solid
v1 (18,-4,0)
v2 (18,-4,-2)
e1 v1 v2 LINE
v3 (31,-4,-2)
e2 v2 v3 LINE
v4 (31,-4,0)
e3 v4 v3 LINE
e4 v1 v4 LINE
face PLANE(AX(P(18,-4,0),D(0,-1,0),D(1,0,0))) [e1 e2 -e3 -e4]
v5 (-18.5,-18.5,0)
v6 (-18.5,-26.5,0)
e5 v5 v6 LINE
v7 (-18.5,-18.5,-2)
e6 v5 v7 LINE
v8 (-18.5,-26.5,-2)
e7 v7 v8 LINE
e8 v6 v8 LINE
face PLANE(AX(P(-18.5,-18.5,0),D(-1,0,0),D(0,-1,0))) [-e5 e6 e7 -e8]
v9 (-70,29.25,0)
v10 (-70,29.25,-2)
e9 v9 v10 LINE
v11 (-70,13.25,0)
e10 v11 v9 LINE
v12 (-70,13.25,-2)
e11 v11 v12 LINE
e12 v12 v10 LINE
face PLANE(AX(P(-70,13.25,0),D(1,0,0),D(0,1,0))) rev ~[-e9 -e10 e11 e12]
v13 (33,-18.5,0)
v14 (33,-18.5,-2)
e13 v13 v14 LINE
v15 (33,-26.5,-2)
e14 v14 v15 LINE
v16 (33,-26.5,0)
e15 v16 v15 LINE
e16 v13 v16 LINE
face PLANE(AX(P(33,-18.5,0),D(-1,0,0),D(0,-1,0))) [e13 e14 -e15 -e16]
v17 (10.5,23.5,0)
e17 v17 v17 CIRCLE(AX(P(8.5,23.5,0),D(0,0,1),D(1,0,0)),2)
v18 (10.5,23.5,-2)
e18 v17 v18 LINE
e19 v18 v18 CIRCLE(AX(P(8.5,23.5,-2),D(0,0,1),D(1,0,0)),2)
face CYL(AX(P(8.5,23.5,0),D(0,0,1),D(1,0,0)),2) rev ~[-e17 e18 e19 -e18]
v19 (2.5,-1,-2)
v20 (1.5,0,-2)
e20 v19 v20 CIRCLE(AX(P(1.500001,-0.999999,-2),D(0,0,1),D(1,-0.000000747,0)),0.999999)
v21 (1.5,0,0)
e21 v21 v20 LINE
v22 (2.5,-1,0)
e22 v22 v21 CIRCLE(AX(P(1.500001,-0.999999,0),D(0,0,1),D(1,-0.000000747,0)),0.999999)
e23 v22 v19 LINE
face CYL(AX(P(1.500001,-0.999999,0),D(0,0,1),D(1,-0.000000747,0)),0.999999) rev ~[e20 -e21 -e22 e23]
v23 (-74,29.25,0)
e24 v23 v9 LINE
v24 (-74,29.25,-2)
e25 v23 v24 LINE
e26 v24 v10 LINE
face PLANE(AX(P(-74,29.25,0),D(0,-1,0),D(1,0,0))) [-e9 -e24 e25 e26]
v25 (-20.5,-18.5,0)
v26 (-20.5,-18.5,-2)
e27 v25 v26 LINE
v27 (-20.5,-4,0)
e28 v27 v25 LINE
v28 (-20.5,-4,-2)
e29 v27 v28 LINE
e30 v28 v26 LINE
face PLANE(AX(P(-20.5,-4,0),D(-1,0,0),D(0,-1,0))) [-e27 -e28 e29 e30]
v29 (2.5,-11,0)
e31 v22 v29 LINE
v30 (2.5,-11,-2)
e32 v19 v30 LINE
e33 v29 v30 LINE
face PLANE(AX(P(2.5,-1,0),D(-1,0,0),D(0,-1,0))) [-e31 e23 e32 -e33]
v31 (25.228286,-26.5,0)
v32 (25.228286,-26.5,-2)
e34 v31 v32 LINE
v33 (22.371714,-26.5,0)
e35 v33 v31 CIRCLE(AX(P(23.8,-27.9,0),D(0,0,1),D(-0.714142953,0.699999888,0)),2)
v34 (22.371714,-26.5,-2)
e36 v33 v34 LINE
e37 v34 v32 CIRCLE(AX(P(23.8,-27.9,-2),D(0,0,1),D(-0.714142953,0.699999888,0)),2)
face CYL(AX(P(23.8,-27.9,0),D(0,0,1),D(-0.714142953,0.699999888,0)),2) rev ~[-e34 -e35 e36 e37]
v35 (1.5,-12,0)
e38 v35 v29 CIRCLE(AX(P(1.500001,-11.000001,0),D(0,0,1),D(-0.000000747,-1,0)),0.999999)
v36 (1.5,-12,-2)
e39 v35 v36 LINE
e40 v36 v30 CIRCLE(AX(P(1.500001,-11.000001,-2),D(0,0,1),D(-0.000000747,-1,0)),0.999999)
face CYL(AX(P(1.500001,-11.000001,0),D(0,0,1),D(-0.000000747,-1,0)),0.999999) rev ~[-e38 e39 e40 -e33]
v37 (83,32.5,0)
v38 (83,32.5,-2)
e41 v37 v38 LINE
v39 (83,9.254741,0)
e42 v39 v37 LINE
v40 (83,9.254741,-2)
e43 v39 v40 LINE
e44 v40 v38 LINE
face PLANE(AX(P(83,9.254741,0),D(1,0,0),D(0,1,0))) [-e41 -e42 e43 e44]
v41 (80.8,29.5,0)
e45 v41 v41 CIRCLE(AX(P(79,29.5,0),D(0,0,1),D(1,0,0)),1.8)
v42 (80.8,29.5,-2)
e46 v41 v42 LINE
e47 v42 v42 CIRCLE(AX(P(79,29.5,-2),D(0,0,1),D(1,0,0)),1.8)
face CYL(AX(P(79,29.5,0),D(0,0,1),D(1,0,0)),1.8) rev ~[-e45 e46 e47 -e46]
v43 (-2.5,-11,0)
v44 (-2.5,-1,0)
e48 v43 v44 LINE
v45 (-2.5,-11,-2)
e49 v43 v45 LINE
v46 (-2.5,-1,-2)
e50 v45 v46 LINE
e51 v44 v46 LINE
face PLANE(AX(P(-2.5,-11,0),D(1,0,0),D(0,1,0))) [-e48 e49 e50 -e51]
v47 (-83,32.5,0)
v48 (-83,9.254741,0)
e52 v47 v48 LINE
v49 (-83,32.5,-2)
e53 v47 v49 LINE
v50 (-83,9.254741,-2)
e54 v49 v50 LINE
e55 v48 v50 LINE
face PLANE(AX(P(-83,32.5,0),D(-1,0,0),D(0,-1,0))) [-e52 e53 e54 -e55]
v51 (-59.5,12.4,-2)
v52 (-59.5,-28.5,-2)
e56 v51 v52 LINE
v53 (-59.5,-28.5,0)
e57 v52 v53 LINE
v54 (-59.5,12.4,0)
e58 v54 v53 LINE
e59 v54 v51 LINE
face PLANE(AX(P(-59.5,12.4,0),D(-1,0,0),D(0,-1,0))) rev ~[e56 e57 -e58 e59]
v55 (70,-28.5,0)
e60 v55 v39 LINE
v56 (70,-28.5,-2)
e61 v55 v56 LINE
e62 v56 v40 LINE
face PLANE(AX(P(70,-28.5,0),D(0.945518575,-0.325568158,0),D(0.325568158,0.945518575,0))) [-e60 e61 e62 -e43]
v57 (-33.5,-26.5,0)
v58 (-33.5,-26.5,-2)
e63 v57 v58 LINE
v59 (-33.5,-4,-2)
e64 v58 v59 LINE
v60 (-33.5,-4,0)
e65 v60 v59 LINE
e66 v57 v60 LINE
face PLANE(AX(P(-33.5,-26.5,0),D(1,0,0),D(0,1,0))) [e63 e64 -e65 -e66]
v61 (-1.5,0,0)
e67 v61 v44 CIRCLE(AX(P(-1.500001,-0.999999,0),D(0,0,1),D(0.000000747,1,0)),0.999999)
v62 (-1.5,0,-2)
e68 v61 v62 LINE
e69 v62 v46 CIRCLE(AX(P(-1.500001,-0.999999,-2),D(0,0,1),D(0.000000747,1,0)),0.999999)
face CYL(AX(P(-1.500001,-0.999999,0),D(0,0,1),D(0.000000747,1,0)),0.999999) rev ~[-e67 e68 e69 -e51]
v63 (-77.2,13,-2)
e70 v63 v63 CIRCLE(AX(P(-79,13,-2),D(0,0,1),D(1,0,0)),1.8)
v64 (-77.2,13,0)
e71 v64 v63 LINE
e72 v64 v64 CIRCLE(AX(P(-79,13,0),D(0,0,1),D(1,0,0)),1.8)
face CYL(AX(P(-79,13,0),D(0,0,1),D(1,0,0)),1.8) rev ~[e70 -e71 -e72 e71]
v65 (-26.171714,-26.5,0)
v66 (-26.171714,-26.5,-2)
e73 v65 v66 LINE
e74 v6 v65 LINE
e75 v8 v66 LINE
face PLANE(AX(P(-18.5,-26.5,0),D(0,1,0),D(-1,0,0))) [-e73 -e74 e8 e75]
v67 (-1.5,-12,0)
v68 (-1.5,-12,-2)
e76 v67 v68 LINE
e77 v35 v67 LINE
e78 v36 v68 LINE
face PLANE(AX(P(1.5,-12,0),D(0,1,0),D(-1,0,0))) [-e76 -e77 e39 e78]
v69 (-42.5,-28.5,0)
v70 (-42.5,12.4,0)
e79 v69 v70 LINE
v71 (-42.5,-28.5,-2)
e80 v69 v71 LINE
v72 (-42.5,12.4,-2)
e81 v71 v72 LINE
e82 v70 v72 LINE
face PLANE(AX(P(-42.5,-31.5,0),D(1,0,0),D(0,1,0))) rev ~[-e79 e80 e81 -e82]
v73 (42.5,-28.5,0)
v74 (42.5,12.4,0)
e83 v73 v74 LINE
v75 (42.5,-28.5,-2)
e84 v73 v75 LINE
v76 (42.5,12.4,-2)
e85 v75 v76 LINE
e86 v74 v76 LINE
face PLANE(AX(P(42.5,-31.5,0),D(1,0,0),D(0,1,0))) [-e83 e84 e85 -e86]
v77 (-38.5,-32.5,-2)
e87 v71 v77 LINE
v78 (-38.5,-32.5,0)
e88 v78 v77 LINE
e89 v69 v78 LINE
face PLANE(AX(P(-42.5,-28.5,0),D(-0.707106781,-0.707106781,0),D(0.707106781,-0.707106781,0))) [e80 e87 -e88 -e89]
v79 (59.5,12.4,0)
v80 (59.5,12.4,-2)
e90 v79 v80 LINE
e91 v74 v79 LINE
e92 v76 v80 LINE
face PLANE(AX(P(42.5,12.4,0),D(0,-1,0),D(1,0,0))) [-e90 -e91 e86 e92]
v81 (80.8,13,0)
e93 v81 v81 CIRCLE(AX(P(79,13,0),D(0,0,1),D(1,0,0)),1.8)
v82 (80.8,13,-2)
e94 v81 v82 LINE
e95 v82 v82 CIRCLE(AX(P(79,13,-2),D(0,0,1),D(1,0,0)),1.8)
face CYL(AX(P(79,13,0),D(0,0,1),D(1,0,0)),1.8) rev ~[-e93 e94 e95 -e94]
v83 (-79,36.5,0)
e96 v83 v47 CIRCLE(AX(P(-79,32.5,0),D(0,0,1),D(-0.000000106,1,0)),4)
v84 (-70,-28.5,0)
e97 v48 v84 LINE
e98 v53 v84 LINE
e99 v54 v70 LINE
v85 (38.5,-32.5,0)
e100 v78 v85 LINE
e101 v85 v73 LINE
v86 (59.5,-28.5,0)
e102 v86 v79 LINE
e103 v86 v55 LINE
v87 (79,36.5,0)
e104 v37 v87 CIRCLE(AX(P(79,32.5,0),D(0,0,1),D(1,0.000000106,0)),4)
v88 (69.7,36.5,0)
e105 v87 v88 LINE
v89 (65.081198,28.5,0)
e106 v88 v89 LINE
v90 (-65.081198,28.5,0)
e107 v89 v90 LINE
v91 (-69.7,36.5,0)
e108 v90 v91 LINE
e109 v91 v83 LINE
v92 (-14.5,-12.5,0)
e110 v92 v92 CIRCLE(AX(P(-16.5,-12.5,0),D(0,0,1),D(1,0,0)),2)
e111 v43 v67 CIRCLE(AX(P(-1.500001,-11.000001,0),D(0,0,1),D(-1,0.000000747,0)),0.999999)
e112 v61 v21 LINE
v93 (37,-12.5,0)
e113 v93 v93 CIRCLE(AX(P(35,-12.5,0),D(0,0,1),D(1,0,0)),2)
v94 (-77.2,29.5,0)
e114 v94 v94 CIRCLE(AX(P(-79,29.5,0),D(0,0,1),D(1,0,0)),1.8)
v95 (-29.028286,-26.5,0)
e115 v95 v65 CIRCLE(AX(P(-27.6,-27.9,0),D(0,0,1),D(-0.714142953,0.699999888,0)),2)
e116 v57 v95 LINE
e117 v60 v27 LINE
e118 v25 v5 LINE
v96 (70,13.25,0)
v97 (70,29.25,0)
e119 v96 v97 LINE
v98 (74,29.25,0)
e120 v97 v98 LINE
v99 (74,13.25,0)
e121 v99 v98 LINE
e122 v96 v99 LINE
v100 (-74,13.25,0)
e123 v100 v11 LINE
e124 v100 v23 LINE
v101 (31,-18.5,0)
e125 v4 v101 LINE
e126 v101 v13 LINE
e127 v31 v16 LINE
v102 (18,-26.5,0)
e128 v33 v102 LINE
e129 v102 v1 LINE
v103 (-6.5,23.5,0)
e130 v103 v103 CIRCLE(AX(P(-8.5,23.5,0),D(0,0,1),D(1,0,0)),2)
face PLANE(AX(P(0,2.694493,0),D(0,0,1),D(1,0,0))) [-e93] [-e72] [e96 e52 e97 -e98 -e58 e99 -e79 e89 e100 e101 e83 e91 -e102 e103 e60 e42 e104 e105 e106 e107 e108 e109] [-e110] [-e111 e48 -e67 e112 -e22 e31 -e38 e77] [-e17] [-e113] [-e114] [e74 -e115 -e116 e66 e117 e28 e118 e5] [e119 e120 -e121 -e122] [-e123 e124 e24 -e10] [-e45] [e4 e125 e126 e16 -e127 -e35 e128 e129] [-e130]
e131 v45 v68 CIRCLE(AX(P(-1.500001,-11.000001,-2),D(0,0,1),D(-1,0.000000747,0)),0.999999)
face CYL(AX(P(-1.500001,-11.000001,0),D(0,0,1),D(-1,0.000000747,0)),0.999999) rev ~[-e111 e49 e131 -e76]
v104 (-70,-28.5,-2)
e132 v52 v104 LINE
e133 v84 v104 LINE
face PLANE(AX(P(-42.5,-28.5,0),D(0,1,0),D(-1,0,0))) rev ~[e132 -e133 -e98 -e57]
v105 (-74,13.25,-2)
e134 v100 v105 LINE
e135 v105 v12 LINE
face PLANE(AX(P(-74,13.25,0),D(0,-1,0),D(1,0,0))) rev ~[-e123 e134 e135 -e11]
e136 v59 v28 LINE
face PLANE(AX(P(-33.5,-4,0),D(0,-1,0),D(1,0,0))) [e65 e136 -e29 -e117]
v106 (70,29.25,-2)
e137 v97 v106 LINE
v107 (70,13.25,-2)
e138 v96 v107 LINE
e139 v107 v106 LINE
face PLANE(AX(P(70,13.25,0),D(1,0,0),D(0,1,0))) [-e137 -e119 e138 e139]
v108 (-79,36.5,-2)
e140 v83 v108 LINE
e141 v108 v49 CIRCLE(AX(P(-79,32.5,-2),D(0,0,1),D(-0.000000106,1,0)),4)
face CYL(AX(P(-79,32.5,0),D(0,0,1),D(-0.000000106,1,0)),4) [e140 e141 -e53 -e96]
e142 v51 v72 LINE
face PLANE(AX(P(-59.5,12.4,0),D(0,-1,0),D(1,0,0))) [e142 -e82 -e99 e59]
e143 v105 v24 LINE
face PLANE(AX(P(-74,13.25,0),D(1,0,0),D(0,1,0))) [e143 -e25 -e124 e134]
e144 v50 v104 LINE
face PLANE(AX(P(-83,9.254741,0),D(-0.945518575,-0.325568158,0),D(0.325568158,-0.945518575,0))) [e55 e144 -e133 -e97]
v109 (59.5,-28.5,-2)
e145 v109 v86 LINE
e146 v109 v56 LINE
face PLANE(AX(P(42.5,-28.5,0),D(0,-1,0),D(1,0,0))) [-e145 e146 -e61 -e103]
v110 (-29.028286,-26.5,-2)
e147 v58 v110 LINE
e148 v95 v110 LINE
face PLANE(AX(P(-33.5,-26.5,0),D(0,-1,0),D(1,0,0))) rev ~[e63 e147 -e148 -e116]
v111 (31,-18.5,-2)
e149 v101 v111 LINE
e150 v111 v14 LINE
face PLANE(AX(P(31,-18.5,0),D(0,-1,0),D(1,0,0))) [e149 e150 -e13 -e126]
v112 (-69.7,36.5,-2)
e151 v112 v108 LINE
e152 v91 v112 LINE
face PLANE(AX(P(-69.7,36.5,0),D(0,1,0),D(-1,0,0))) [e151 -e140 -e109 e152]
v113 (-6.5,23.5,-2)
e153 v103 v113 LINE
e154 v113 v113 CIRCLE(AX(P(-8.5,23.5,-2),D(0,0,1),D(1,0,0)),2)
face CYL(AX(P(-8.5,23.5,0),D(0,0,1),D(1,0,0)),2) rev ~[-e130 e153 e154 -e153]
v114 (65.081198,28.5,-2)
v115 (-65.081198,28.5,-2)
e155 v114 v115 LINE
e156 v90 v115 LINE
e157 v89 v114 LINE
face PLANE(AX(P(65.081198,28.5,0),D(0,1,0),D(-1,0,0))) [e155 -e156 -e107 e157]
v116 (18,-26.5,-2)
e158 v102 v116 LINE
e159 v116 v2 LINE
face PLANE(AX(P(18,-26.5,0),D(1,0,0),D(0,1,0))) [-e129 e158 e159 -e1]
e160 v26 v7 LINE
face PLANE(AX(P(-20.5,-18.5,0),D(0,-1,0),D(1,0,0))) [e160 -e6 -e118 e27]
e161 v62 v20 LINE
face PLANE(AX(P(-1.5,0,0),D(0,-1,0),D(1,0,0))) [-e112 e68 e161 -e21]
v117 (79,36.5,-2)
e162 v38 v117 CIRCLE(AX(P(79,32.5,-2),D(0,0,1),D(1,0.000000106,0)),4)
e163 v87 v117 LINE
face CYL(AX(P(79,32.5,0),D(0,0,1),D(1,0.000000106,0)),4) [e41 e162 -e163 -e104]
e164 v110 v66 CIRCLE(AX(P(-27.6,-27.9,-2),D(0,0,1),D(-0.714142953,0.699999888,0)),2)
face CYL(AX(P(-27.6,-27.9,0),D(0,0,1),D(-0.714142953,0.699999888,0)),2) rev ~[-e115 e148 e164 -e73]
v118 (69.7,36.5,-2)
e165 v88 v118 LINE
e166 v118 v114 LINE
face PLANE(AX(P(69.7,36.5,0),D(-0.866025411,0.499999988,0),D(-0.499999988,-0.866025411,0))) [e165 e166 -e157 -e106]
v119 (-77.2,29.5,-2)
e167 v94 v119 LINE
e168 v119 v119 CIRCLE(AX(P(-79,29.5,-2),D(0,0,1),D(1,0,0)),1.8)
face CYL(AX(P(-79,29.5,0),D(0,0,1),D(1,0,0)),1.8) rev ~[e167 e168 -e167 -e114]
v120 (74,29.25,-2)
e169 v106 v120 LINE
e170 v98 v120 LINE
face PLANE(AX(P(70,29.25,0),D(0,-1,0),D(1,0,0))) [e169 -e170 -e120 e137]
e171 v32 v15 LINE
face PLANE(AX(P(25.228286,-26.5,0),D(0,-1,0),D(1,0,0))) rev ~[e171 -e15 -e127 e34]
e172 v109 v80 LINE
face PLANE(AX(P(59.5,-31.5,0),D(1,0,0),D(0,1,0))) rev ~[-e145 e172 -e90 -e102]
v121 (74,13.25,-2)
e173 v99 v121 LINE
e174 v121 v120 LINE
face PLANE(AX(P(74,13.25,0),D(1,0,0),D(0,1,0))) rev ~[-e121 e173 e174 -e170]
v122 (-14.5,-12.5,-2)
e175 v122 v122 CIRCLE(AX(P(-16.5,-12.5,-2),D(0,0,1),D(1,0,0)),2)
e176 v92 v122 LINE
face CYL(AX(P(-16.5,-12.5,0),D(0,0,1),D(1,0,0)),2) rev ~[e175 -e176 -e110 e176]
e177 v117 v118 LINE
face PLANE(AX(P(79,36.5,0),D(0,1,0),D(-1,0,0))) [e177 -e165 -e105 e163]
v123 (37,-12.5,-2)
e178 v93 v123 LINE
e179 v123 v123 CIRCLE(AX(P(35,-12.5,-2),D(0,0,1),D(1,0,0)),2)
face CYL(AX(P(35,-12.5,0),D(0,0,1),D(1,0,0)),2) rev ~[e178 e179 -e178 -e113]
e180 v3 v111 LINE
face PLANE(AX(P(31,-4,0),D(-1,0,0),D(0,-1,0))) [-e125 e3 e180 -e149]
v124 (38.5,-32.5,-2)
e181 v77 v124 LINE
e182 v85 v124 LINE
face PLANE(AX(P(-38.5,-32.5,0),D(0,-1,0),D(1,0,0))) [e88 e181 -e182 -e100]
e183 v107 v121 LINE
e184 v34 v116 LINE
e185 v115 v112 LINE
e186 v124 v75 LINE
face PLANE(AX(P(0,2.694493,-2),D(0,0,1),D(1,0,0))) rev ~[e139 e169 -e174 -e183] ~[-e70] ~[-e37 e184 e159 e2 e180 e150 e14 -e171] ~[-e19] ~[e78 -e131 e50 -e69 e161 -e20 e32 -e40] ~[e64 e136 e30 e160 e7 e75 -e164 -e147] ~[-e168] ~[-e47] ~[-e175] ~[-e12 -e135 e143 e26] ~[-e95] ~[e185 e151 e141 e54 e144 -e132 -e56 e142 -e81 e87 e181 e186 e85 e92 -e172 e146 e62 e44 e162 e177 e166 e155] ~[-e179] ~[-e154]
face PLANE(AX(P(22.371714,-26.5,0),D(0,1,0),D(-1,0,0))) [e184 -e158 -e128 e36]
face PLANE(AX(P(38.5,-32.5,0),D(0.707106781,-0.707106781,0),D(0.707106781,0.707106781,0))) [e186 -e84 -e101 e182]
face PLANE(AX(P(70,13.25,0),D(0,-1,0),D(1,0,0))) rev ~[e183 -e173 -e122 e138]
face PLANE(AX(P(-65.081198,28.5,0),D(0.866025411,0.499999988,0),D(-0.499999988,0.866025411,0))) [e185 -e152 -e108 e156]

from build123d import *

# Parameters (mm, degrees)
PAD_DEPTH          = 2
SKETCH001_R        = 1.8
SKETCH001_W        = 4
SKETCH001_H        = 16
POCKET_DEPTH       = 2.001
SKETCH002_R        = 2
POCKET001_DEPTH    = 2.001
SKETCH003_W        = 17
SKETCH003_H        = 43.9
POCKET002_DEPTH    = 2.001
SKETCH004_R        = 2
POCKET003_DEPTH    = 2.001
POCKET011002_DEPTH = 2.001


with BuildPart() as part:
    # Sketch → Pad (new body)
    with BuildSketch(Plane.XY):
        with BuildLine():
            Line((65.081198, 28.5), (-65.081198, 28.5))
            Line((-65.081198, 28.5), (-69.7, 36.5))
            Line((-69.7, 36.5), (-79, 36.5))
            ThreePointArc((-79, 36.5), (-81.828427, 35.328427), (-83, 32.5))
            Line((-83, 32.5), (-83, 9.254741))
            Line((-83, 9.254741), (-70, -28.5))
            Line((-42.5, -28.5), (-70, -28.5))
            Line((-42.5, -28.5), (-38.5, -32.5))
            Line((-38.5, -32.5), (38.5, -32.5))
            Line((38.5, -32.5), (42.5, -28.5))
            Line((42.5, -28.5), (70, -28.5))
            Line((70, -28.5), (83, 9.254741))
            Line((83, 9.254741), (83, 32.5))
            ThreePointArc((83, 32.5), (81.828427, 35.328427), (79, 36.5))
            Line((79, 36.5), (69.7, 36.5))
            Line((69.7, 36.5), (65.081198, 28.5))
        make_face()
    extrude(amount=-PAD_DEPTH)

    # Sketch001 → Pocket (cut, through all)
    with BuildSketch(Plane.XY):
        with Locations((-79, 29.5)):
            Circle(SKETCH001_R)
        with Locations((-79, 13)):
            Circle(SKETCH001_R)
        with Locations((79, 29.5)):
            Circle(SKETCH001_R)
        with Locations((79, 13)):
            Circle(SKETCH001_R)
        with Locations((-72, 21.25)):
            Rectangle(SKETCH001_W, SKETCH001_H)
        with Locations((72, 21.25)):
            Rectangle(SKETCH001_W, SKETCH001_H)
    extrude(amount=-POCKET_DEPTH, mode=Mode.SUBTRACT)

    # Sketch002 → Pocket001 (cut, through all)
    with BuildSketch(Plane.XY):
        with Locations((-16.5, -12.5)):
            Circle(SKETCH002_R)
        with Locations((35, -12.5)):
            Circle(SKETCH002_R)
        with BuildLine():
            Line((-33.5, -4), (-20.5, -4))
            Line((-20.5, -4), (-20.5, -18.5))
            Line((-20.5, -18.5), (-18.5, -18.5))
            Line((-18.5, -18.5), (-18.5, -26.5))
            Line((-18.5, -26.5), (-26.171714, -26.5))
            ThreePointArc((-29.028286, -26.5), (-27.6, -29.9), (-26.171714, -26.5))
            Line((-33.5, -26.5), (-29.028286, -26.5))
            Line((-33.5, -26.5), (-33.5, -4))
        make_face()
        with BuildLine():
            Line((18, -4), (31, -4))
            Line((31, -4), (31, -18.5))
            Line((31, -18.5), (33, -18.5))
            Line((33, -18.5), (33, -26.5))
            Line((25.228286, -26.5), (33, -26.5))
            ThreePointArc((22.371714, -26.5), (23.8, -29.9), (25.228286, -26.5))
            Line((22.371714, -26.5), (18, -26.5))
            Line((18, -26.5), (18, -4))
        make_face()
    extrude(amount=-POCKET001_DEPTH, mode=Mode.SUBTRACT)

    # Sketch003 → Pocket002 (cut, through all)
    with BuildSketch(Plane.XY):
        Polygon((-59.5, 12.4), (-42.5, 12.4), (-42.5, -28.5), (-42.5, -31.5), (-59.5, -31.5), (-59.5, -28.5), align=None)
        with Locations((51, -9.55)):
            Rectangle(SKETCH003_W, SKETCH003_H)
    extrude(amount=-POCKET002_DEPTH, mode=Mode.SUBTRACT)

    # Sketch004 → Pocket003 (cut, through all)
    with BuildSketch(Plane.XY):
        with Locations((-8.5, 23.5)):
            Circle(SKETCH004_R)
        with Locations((8.5, 23.5)):
            Circle(SKETCH004_R)
    extrude(amount=-POCKET003_DEPTH, mode=Mode.SUBTRACT)

    # Sketch016 → Pocket011002 (cut, through all)
    with BuildSketch(Plane.XY):
        with BuildLine():
            Line((-1.5, 0), (1.5, 0))
            ThreePointArc((2.5, -1), (2.207107, -0.292893), (1.5, 0))
            Line((2.5, -1), (2.5, -11))
            ThreePointArc((1.5, -12), (2.207107, -11.707107), (2.5, -11))
            Line((1.5, -12), (-1.5, -12))
            ThreePointArc((-2.5, -11), (-2.207107, -11.707107), (-1.5, -12))
            Line((-2.5, -11), (-2.5, -1))
            ThreePointArc((-1.5, 0), (-2.207107, -0.292893), (-2.5, -1))
        make_face()
    extrude(amount=-POCKET011002_DEPTH, mode=Mode.SUBTRACT)


solid = part.part
